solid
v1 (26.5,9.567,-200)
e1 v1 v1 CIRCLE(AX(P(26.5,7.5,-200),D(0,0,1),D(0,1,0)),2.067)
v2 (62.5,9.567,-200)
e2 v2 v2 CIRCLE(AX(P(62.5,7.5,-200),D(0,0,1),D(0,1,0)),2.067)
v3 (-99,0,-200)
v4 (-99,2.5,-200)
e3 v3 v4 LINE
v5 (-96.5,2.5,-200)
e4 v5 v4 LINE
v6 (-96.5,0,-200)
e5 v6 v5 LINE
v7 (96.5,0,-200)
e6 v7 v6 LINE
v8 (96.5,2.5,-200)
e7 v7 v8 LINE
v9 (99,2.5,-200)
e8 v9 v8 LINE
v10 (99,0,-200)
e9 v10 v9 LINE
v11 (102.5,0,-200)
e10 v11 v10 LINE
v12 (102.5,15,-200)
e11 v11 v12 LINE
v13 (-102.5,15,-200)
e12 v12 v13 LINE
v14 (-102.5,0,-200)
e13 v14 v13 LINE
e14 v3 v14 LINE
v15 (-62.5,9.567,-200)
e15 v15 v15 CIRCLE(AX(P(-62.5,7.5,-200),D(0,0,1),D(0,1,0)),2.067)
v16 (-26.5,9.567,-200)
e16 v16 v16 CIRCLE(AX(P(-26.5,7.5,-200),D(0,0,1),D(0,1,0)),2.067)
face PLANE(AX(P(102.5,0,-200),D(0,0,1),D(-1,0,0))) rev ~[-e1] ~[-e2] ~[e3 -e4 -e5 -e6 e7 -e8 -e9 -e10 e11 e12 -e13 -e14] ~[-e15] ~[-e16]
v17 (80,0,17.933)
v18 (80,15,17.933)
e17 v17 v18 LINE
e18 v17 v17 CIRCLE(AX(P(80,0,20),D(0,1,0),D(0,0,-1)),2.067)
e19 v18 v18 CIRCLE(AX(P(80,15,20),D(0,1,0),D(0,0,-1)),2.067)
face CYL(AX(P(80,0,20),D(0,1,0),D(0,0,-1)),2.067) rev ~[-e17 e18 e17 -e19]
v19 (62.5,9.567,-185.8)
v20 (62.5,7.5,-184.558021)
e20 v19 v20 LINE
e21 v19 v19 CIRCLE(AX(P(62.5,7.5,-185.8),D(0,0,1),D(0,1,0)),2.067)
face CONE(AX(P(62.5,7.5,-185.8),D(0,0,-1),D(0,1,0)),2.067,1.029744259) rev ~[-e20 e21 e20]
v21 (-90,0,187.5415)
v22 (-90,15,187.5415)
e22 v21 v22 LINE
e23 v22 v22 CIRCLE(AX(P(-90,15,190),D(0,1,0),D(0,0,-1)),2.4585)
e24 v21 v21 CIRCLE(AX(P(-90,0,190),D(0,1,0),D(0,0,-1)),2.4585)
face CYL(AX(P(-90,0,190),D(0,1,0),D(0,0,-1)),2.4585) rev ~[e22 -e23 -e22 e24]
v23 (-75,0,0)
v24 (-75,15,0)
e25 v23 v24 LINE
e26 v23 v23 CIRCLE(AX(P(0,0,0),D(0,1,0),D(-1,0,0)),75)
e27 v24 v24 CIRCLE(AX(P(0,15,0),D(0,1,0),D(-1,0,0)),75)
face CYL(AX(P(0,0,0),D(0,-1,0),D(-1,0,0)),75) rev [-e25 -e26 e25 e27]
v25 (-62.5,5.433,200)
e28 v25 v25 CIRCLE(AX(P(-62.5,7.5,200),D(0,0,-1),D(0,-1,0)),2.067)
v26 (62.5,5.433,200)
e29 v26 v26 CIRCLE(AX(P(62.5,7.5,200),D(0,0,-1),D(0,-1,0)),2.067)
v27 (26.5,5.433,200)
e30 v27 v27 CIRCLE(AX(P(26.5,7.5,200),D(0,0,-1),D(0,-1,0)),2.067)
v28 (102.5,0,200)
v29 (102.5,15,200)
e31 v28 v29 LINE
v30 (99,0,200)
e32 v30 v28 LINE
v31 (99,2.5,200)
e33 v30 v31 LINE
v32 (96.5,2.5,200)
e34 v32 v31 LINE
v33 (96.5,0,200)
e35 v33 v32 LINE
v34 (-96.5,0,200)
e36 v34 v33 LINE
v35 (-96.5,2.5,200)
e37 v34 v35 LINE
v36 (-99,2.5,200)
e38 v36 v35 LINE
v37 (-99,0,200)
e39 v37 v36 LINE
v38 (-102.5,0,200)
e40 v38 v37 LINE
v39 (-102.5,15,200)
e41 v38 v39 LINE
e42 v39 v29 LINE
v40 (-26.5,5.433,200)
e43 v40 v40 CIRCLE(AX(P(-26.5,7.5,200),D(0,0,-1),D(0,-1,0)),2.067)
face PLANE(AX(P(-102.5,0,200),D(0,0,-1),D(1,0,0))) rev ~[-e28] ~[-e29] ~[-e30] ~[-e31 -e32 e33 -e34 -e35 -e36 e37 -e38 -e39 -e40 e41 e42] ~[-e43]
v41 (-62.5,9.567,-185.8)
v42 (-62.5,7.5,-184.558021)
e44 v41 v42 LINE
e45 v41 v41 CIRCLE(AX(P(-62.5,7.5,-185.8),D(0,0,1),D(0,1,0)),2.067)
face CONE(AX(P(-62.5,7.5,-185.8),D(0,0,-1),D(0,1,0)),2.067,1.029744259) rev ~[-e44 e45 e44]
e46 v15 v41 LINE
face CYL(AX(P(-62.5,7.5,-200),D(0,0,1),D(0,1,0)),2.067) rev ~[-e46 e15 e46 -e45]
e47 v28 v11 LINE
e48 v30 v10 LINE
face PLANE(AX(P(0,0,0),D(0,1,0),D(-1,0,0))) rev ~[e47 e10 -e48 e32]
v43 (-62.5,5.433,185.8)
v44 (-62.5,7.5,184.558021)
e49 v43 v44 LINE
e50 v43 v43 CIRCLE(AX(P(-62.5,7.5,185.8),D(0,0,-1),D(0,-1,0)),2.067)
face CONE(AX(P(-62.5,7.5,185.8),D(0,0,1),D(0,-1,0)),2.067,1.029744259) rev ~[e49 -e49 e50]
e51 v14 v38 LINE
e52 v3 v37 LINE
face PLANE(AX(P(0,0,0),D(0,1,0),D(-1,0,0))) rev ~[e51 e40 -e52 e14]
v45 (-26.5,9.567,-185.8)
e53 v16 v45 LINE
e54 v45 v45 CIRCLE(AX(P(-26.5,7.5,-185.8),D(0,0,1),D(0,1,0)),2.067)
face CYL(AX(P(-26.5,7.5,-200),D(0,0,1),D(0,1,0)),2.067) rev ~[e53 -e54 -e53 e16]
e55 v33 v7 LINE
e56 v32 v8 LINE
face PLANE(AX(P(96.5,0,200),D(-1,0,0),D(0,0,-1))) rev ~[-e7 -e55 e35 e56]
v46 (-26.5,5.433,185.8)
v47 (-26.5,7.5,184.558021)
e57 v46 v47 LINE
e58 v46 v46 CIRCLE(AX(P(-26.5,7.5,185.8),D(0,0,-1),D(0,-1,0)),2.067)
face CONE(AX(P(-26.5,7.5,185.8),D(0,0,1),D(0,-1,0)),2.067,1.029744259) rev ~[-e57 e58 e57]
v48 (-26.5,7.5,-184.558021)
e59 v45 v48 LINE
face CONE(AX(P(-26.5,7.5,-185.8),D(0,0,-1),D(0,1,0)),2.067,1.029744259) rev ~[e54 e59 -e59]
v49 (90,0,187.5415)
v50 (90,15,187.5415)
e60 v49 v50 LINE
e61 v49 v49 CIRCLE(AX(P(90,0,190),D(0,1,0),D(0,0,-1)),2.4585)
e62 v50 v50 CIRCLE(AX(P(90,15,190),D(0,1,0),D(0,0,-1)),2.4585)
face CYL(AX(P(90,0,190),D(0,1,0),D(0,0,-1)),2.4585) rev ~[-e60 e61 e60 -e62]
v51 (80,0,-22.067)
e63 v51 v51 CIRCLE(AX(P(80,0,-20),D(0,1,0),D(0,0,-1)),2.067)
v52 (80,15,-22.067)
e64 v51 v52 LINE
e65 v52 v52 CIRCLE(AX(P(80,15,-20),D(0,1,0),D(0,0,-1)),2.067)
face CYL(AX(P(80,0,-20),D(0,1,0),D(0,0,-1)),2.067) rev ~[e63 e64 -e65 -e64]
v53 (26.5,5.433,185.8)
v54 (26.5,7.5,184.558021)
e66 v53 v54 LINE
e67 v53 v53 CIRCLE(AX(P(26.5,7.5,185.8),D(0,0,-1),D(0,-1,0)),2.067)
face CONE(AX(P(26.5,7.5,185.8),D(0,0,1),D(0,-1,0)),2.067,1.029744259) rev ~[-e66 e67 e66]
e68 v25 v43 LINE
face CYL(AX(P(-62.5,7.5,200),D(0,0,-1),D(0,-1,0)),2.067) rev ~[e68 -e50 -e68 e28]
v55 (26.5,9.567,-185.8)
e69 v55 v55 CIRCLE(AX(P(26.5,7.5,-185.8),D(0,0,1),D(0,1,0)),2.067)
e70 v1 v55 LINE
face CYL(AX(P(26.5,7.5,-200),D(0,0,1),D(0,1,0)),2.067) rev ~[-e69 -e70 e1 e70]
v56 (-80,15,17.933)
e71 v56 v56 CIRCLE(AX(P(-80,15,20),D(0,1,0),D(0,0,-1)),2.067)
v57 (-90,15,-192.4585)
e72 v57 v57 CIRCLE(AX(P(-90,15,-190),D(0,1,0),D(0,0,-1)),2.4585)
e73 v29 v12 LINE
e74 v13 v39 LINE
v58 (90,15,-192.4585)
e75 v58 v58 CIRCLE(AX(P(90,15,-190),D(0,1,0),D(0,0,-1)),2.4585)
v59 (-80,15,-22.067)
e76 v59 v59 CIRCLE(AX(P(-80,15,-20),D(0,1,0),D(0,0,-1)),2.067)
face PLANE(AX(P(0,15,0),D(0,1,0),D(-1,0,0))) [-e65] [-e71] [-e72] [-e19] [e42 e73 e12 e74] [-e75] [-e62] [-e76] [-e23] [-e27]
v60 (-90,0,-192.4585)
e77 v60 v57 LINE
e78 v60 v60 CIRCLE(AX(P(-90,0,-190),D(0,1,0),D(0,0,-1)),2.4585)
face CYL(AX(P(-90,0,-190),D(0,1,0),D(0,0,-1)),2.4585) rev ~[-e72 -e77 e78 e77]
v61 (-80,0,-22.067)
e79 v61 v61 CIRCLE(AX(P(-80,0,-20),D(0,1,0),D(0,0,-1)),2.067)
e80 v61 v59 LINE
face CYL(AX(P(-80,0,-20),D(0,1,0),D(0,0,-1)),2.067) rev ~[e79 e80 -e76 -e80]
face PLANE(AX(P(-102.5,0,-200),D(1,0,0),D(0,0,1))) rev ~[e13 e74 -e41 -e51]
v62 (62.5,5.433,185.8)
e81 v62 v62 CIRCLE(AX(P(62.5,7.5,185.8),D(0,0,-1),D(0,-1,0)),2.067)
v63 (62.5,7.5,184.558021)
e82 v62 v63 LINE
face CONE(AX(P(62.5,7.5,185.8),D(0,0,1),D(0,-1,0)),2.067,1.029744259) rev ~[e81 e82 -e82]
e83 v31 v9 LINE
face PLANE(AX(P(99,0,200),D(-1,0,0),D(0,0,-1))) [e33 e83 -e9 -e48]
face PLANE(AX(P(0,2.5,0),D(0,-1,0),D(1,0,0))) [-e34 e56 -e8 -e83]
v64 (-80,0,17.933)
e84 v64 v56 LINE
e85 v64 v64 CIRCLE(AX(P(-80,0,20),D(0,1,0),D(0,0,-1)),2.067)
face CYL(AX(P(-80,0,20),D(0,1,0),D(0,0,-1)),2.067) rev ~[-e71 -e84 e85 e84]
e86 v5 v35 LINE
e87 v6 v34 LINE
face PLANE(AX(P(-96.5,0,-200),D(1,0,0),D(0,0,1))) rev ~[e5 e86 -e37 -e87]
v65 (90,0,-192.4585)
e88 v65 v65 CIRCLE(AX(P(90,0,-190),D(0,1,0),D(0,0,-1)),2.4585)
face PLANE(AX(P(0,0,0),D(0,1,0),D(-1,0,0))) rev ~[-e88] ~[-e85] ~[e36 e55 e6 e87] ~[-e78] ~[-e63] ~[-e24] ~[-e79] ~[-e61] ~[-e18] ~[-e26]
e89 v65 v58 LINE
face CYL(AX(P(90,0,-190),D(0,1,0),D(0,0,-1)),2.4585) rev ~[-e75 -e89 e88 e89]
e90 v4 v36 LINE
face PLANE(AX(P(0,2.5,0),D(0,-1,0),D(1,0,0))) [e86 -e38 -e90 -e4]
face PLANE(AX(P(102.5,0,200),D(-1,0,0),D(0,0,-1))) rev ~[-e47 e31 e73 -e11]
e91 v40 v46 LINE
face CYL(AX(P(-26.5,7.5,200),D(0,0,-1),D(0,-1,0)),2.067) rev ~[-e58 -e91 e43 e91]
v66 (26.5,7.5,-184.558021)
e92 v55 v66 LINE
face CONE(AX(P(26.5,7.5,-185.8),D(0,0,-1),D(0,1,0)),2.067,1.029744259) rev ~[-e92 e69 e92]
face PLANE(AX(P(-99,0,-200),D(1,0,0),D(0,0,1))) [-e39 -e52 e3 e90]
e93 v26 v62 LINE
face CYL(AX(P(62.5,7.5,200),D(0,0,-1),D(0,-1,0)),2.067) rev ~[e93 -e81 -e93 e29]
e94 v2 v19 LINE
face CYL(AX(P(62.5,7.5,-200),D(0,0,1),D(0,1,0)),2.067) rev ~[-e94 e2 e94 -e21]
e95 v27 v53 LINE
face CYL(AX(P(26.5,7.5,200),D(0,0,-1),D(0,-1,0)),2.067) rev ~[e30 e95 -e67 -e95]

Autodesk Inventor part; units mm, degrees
ref_plane "YZ Plane" through (0, 0, 0) normal (1, 0, 0) x (0, 1, 0)
ref_plane "XZ Plane" through (0, 0, 0) normal (0, 1, 0) x (-1, 0, 0)
ref_plane "XY Plane" through (0, 0, 0) normal (0, 0, 1) x (1, 0, 0)
sketch "Skizze2" plane through (0, 0, 0) normal (0, 1, 0) x (-1, 0, 0)
  circle A0 centre (0, 0) radius 75
  line L0 (-102.5, -200) -> (102.5, -200)
  line L1 (102.5, -200) -> (102.5, 200)
  line L2 (102.5, 200) -> (-102.5, 200)
  line L3 (-102.5, 200) -> (-102.5, -200)
  line L4 (-102.5, -200) -> (102.5, 200) construction
  line L5 (102.5, -200) -> (-102.5, 200) construction
  dimension "d8" = 150
  dimension "d9" = 205
  dimension "d10" = 400
extrude "Extrusion1" add sketch "Skizze2" along normal blind 15
sketch "Skizze3" plane through (0, 0, 0) normal (0, -1, 0) x (1, 0, 0)
  line L0 (-90, -190) -> (90, -190)
  line L1 (90, -190) -> (90, 190)
  line L2 (90, 190) -> (-90, 190)
  line L3 (-90, 190) -> (-90, -190)
  line L4 (-90, -190) -> (90, 190) construction
  line L5 (90, -190) -> (-90, 190) construction
  point P0 (0, 0)
  dimension "d13" = 180
  dimension "d14" = 380
hole "Bohrung1" at (90, 0, -190) at (-90, 0, -190) at (-90, 0, 190) at (90, 0, 190) direction (0, 1, 0) diameter 4.917 end through all thread size "M6x1" class "6H" standard "ISO Metric profile"
sketch "Skizze4" plane through (-102.5, 0, 200) normal (0, 0, 1) x (1, 0, 0)
  line L0 (0, 0) -> (0, 15) projected
  line L1 (0, 0) -> (205, 0) projected
  line L2 (205, 0) -> (205, 15) projected
  point P0 (102.5, 0)
  point P1 (40, 7.5)
  point P2 (165, 7.5)
  point P3 (76, 7.5)
  point P4 (129, 7.5)
  dimension "d23" = 40
  dimension "d24" = 7.5
  dimension "d25" = 7.5
  dimension "d44" = 36
  dimension "d45" = 36
  dimension "d46" = 7.5
  dimension "d47" = 7.5
  dimension "d48" = 40
sketch "Skizze5" plane through (102.5, 0, -200) normal (0, 0, -1) x (-1, 0, 0)
  line L0 (205, 0) -> (205, 15) projected
  line L1 (0, 0) -> (205, 0) projected
  line L2 (0, 0) -> (0, 15) projected
  point P0 (102.5, 0)
  point P1 (40, 7.5)
  point P2 (165, 7.5)
  point P3 (76, 7.5)
  point P4 (129, 7.5)
  dimension "d27" = 40
  dimension "d28" = 7.5
  dimension "d29" = 7.5
  dimension "d49" = 7.5
  dimension "d50" = 7.5
  dimension "d51" = 36
  dimension "d52" = 36
  dimension "d53" = 40
hole "Bohrung4" at (62.5, 7.5, -200) at (26.5, 7.5, -200) at (-26.5, 7.5, -200) at (-62.5, 7.5, -200) direction (0, 0, 1) diameter 4.134 depth 14.2 tip angle 118 thread size "M5x0.8" class "6H" standard "ISO Metric profile"
hole "Bohrung5" at (-62.5, 7.5, 200) at (62.5, 7.5, 200) at (-26.5, 7.5, 200) at (26.5, 7.5, 200) direction (0, 0, -1) diameter 4.134 depth 14.2 tip angle 118 thread size "M5x0.8" class "6H" standard "ISO Metric profile"
sketch "Skizze6" plane through (0, 0, 0) normal (0, -1, 0) x (1, 0, 0)
  line L0 (99, 200) -> (99, -200)
  line L1 (102.5, 200) -> (102.5, -200) projected
  line L2 (96.5, 200) -> (96.5, -200)
  line L3 (-99, -200) -> (-99, 200)
  line L4 (-96.5, -200) -> (-96.5, 200)
  line L5 (102.5, -200) -> (-102.5, -200) projected
  line L6 (96.5, -200) -> (99, -200)
  line L7 (-96.5, -200) -> (-99, -200)
  line L8 (-102.5, 200) -> (102.5, 200) projected
  line L9 (-96.5, 200) -> (-99, 200)
  line L10 (99, 200) -> (96.5, 200)
  line L11 (-102.5, -200) -> (-102.5, 200) projected
  point P0 (0, 0)
  point P1 (96.5, 200)
  dimension "d68" = 2.5
  dimension "d70" = 2.5
  dimension "d84" = 198
  dimension "d85" = 99
extrude "Extrusion2" cut sketch "Skizze6" against normal blind 2.5 contours L0 L5 L2 L8 | L4 L5 L3 L8
sketch "Skizze7" plane through (0, 0, 0) normal (0, -1, 0) x (1, 0, 0)
  line L0 (-80, -20) -> (80, -20)
  line L1 (80, -20) -> (80, 20)
  line L2 (80, 20) -> (-80, 20)
  line L3 (-80, 20) -> (-80, -20)
  line L4 (-80, -20) -> (80, 20) construction
  line L5 (80, -20) -> (-80, 20) construction
  point P0 (0, 0)
  dimension "d74" = 160
  dimension "d75" = 40
hole "Bohrung6" at (-80, 0, 20) at (-80, 0, -20) at (80, 0, -20) at (80, 0, 20) direction (0, 1, 0) diameter 4.134 end through all thread size "M5x0.8" class "6H" standard "ISO Metric profile"
equation "\"d70\" = d68"
equation "\"d85\" = 0.5 * d84"
properties part number "Grundplatte1.0"
